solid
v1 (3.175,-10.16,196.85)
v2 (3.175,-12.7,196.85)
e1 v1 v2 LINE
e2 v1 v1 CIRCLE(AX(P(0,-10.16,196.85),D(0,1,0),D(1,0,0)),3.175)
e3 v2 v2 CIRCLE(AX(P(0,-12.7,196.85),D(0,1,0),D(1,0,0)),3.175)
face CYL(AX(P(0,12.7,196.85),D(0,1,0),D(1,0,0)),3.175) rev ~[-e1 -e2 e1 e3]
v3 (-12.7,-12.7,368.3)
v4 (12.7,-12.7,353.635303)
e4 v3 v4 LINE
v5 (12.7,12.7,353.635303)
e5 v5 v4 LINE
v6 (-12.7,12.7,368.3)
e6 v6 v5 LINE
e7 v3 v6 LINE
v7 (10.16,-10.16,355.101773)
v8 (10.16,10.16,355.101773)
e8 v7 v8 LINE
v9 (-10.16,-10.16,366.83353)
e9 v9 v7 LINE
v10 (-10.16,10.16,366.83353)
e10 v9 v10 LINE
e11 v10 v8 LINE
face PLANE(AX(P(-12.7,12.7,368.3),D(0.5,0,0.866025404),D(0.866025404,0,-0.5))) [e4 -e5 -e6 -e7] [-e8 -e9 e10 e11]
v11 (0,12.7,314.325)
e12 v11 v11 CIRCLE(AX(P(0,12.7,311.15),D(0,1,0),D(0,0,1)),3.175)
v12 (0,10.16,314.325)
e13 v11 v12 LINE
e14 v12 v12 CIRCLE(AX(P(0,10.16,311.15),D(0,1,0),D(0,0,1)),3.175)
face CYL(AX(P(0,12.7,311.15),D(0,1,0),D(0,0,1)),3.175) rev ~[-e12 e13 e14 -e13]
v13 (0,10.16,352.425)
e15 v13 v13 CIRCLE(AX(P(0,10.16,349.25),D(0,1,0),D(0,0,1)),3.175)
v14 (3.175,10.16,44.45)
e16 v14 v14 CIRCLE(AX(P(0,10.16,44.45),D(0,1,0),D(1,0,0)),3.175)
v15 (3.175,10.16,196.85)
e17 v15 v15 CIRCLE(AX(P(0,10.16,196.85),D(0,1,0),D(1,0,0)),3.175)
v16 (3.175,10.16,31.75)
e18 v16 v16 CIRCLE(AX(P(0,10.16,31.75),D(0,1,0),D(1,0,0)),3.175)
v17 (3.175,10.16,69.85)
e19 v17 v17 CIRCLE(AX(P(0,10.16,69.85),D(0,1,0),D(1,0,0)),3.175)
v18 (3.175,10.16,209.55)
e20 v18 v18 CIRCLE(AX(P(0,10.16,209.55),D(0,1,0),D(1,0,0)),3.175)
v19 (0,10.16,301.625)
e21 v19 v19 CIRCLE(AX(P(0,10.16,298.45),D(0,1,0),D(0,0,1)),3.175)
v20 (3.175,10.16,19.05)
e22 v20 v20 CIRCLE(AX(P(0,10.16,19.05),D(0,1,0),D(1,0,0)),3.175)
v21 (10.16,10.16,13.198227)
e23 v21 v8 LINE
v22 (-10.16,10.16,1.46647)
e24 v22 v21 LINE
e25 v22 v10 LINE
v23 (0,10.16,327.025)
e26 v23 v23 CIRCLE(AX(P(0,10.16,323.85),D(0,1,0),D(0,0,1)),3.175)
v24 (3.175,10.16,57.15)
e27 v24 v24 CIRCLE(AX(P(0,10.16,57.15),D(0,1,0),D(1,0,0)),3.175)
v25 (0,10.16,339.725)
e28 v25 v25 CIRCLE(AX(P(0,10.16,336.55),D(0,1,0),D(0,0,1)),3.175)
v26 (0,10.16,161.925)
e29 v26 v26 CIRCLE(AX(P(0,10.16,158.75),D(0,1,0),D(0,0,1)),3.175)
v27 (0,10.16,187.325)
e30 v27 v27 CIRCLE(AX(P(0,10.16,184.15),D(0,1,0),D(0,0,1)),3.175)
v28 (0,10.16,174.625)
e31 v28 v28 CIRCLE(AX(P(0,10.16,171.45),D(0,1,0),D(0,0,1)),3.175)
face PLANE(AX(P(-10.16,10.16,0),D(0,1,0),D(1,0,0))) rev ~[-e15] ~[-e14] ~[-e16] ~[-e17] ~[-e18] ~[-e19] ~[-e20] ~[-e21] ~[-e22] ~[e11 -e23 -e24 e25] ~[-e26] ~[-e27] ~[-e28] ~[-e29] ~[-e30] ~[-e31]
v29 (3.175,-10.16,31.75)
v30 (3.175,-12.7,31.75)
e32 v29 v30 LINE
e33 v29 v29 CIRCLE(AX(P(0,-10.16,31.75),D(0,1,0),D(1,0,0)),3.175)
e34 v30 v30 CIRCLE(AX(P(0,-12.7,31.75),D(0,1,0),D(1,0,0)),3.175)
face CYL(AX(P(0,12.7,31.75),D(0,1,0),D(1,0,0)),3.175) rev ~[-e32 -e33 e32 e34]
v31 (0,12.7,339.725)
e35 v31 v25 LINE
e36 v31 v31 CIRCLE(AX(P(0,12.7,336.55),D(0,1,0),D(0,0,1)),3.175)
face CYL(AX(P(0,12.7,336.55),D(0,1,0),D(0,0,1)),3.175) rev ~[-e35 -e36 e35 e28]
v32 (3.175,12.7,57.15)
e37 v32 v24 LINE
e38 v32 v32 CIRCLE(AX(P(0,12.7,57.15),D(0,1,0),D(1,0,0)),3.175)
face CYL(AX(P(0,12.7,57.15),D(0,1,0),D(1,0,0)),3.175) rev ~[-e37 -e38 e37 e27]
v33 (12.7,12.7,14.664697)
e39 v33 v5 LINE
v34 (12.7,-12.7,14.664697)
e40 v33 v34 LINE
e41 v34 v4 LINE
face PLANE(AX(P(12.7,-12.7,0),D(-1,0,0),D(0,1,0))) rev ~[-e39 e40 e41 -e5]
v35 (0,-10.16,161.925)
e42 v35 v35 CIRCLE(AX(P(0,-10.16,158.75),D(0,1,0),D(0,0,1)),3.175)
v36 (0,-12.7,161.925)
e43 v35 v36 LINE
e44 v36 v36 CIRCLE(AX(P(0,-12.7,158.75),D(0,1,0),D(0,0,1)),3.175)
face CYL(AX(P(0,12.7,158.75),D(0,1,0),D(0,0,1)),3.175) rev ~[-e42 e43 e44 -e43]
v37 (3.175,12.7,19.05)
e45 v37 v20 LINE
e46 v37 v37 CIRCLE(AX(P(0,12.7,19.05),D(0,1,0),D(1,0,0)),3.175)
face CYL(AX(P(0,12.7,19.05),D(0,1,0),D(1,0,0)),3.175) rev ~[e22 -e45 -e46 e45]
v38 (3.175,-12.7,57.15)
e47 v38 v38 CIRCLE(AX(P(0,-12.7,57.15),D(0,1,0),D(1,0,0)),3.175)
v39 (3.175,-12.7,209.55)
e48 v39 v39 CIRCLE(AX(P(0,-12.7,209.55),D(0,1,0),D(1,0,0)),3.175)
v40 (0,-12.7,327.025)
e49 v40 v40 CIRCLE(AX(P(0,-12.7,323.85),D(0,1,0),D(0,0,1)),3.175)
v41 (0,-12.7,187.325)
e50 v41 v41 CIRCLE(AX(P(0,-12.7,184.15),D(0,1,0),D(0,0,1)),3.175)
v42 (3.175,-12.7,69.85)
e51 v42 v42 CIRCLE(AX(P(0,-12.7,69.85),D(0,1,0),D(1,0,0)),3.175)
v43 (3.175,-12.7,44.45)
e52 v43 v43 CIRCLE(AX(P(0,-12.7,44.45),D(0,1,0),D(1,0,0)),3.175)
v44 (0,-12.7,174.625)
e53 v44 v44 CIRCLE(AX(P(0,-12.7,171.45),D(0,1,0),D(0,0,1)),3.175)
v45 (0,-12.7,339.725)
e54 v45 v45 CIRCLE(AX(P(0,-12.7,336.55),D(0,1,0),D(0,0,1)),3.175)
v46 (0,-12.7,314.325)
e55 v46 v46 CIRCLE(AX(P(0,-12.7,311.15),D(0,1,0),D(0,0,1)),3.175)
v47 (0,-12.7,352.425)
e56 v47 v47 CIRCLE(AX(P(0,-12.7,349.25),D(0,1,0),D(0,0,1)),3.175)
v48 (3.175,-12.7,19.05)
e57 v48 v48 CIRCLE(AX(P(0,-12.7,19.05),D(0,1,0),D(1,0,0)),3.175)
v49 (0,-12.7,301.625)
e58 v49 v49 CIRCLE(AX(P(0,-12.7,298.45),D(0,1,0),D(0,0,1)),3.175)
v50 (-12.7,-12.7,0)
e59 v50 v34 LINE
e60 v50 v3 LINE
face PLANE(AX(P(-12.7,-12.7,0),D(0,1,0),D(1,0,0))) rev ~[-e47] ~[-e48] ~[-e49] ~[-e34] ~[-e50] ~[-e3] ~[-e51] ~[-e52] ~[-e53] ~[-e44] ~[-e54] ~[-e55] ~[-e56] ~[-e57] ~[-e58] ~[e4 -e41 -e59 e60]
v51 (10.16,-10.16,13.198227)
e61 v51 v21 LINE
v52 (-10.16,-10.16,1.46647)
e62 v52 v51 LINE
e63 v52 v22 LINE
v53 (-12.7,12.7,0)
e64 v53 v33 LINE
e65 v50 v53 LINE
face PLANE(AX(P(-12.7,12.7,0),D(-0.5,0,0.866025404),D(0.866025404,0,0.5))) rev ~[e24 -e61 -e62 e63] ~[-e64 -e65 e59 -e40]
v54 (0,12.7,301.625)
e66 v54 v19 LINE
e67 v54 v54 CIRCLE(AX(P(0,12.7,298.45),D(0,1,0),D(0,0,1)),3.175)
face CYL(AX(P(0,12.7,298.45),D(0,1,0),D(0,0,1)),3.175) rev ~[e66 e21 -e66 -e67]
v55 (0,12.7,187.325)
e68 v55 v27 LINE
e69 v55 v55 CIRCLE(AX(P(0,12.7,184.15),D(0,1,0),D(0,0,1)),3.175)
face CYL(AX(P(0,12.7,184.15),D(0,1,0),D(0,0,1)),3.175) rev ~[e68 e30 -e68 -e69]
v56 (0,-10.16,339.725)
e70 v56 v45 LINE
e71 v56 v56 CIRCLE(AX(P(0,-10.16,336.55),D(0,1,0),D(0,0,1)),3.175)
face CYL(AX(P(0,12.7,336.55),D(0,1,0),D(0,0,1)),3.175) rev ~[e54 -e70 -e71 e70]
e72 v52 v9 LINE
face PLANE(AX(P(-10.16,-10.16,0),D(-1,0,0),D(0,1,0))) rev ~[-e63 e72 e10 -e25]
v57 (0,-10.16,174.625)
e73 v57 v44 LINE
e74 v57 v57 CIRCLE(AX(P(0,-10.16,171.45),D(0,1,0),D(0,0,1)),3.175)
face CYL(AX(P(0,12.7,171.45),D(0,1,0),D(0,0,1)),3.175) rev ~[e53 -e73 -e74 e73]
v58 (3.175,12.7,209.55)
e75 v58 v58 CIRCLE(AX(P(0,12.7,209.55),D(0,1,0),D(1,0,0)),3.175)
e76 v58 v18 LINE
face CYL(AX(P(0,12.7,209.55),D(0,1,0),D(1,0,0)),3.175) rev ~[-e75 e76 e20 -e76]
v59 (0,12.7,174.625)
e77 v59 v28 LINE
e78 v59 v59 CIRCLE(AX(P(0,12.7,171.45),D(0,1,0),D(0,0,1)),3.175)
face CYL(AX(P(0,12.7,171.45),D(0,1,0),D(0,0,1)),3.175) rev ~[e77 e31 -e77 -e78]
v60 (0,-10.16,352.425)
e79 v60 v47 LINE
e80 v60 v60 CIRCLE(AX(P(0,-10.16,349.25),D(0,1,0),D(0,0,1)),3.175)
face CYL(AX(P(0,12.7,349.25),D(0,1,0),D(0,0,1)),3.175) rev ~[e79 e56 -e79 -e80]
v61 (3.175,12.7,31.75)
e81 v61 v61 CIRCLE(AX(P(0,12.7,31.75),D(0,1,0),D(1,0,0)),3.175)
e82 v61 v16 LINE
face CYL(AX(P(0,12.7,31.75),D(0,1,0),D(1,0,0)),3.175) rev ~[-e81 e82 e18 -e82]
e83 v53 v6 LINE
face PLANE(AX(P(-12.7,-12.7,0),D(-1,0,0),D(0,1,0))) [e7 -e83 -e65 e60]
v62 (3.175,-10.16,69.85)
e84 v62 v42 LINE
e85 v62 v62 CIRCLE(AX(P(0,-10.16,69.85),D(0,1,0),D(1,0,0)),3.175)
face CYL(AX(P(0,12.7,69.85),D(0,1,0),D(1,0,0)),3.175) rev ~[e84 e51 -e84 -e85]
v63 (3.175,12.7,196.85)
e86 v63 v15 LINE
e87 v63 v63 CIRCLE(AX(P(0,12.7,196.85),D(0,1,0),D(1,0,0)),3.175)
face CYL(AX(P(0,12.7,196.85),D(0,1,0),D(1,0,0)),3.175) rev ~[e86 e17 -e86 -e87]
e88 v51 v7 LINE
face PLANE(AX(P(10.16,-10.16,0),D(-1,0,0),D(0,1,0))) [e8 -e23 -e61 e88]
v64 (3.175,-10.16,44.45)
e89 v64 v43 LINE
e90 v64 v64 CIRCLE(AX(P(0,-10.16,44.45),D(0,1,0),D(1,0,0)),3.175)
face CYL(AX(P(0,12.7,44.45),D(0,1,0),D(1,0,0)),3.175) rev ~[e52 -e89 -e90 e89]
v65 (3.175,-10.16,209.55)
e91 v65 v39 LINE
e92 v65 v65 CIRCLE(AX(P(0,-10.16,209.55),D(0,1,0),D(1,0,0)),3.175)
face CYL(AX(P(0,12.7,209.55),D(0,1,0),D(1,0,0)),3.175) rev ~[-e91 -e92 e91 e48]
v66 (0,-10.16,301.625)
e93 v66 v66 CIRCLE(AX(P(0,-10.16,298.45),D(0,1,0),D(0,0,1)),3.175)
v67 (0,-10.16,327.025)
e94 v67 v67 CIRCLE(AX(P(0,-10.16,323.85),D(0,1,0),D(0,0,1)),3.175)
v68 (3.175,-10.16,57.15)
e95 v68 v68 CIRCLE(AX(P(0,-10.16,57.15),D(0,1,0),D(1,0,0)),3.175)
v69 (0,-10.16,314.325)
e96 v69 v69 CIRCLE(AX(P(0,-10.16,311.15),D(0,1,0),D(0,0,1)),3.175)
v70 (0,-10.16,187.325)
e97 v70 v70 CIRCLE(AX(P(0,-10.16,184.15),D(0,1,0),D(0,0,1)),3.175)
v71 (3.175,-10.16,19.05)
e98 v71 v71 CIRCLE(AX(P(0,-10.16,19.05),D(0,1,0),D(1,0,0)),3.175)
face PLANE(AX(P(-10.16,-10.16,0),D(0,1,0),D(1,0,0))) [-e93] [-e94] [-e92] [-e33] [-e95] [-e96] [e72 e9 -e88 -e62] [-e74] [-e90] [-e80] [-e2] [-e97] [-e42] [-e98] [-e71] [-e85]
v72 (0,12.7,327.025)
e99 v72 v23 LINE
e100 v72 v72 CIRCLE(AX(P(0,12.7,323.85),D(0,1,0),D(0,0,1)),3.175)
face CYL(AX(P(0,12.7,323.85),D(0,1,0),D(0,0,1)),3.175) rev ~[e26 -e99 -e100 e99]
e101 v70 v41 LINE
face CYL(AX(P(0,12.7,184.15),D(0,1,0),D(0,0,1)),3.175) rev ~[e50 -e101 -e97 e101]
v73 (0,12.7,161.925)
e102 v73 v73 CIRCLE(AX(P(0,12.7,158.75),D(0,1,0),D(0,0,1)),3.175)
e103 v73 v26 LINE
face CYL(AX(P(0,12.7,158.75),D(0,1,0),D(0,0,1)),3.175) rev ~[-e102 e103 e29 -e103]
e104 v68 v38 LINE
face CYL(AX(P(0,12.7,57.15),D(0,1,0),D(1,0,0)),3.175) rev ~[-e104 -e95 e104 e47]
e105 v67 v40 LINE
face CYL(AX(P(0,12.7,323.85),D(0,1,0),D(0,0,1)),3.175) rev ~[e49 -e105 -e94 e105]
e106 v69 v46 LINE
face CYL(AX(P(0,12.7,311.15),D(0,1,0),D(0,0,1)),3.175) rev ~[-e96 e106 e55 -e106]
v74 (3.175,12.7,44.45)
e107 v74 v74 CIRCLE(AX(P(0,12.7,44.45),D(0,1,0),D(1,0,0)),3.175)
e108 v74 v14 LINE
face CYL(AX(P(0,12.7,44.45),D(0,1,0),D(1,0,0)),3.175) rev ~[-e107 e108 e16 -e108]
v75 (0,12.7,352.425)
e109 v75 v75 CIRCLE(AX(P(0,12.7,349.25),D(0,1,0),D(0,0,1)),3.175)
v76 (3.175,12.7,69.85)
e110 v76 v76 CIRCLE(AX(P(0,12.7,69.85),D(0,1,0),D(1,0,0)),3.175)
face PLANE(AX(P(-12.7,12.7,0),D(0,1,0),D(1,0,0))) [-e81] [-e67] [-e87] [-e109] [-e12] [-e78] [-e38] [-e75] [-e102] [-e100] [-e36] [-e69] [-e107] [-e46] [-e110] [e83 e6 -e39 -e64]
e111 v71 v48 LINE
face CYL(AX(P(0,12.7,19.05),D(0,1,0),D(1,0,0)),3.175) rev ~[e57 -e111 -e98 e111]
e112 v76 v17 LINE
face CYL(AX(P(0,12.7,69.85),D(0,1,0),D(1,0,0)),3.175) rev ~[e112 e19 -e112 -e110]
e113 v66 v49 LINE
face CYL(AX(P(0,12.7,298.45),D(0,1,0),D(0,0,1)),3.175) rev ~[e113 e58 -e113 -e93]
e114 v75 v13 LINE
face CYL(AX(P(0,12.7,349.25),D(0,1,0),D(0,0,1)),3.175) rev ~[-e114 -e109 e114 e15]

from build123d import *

# Parameters (mm, degrees)
SKETCH1_W           = 25.4
SKETCH1_H           = 25.4
SKETCH1_W_2         = 20.32
SKETCH1_H_2         = 20.32
BOSS_EXTRUDE2_DEPTH = 368.3
CUT_EXTRUDE1_DEPTH  = 370.393205135
SKETCH3_R           = 3.175
CUT_EXTRUDE2_DEPTH  = 370.393205135


with BuildPart() as part:
    # Sketch1 → Boss-Extrude2 (new body)
    with BuildSketch(Plane.XY):
        Rectangle(SKETCH1_W, SKETCH1_H)
        Rectangle(SKETCH1_W_2, SKETCH1_H_2, mode=Mode.SUBTRACT)
    extrude(amount=BOSS_EXTRUDE2_DEPTH)

    # Sketch2 → Cut-Extrude1 (cut, through all)
    with BuildSketch(Plane(origin=(0, 12.7, 0), x_dir=(1, 0, 0), z_dir=(0, 1, 0))):
        Polygon((-12.7, -368.3), (12.7, -353.635303163), (12.7, -368.3), align=None)
        Polygon((12.7, 0), (-12.7, 0), (12.7, -14.664696837), align=None)
    extrude(amount=-CUT_EXTRUDE1_DEPTH, mode=Mode.SUBTRACT)

    # Sketch3 → Cut-Extrude2 (cut, through all)
    with BuildSketch(Plane(origin=(0, 12.7, 0), x_dir=(1, 0, 0), z_dir=(0, 1, 0))):
        with Locations(Location((0, -184.15, 0), (0, 0, 270))):
            Circle(SKETCH3_R)
        with Locations(Location((0, -171.45, 0), (0, 0, 270))):
            Circle(SKETCH3_R)
        with Locations(Location((0, -158.75, 0), (0, 0, 270))):
            Circle(SKETCH3_R)
        with Locations((0, -209.55)):
            Circle(SKETCH3_R)
        with Locations((0, -196.85)):
            Circle(SKETCH3_R)
        with Locations(Location((0, -349.25, 0), (0, 0, 270))):
            Circle(SKETCH3_R)
        with Locations(Location((0, -336.55, 0), (0, 0, 270))):
            Circle(SKETCH3_R)
        with Locations(Location((0, -323.85, 0), (0, 0, 270))):
            Circle(SKETCH3_R)
        with Locations(Location((0, -311.15, 0), (0, 0, 270))):
            Circle(SKETCH3_R)
        with Locations(Location((0, -298.45, 0), (0, 0, 270))):
            Circle(SKETCH3_R)
        with Locations((0, -69.85)):
            Circle(SKETCH3_R)
        with Locations((0, -57.15)):
            Circle(SKETCH3_R)
        with Locations((0, -44.45)):
            Circle(SKETCH3_R)
        with Locations((0, -31.75)):
            Circle(SKETCH3_R)
        with Locations((0, -19.05)):
            Circle(SKETCH3_R)
    extrude(amount=-CUT_EXTRUDE2_DEPTH, mode=Mode.SUBTRACT)


solid = part.part
